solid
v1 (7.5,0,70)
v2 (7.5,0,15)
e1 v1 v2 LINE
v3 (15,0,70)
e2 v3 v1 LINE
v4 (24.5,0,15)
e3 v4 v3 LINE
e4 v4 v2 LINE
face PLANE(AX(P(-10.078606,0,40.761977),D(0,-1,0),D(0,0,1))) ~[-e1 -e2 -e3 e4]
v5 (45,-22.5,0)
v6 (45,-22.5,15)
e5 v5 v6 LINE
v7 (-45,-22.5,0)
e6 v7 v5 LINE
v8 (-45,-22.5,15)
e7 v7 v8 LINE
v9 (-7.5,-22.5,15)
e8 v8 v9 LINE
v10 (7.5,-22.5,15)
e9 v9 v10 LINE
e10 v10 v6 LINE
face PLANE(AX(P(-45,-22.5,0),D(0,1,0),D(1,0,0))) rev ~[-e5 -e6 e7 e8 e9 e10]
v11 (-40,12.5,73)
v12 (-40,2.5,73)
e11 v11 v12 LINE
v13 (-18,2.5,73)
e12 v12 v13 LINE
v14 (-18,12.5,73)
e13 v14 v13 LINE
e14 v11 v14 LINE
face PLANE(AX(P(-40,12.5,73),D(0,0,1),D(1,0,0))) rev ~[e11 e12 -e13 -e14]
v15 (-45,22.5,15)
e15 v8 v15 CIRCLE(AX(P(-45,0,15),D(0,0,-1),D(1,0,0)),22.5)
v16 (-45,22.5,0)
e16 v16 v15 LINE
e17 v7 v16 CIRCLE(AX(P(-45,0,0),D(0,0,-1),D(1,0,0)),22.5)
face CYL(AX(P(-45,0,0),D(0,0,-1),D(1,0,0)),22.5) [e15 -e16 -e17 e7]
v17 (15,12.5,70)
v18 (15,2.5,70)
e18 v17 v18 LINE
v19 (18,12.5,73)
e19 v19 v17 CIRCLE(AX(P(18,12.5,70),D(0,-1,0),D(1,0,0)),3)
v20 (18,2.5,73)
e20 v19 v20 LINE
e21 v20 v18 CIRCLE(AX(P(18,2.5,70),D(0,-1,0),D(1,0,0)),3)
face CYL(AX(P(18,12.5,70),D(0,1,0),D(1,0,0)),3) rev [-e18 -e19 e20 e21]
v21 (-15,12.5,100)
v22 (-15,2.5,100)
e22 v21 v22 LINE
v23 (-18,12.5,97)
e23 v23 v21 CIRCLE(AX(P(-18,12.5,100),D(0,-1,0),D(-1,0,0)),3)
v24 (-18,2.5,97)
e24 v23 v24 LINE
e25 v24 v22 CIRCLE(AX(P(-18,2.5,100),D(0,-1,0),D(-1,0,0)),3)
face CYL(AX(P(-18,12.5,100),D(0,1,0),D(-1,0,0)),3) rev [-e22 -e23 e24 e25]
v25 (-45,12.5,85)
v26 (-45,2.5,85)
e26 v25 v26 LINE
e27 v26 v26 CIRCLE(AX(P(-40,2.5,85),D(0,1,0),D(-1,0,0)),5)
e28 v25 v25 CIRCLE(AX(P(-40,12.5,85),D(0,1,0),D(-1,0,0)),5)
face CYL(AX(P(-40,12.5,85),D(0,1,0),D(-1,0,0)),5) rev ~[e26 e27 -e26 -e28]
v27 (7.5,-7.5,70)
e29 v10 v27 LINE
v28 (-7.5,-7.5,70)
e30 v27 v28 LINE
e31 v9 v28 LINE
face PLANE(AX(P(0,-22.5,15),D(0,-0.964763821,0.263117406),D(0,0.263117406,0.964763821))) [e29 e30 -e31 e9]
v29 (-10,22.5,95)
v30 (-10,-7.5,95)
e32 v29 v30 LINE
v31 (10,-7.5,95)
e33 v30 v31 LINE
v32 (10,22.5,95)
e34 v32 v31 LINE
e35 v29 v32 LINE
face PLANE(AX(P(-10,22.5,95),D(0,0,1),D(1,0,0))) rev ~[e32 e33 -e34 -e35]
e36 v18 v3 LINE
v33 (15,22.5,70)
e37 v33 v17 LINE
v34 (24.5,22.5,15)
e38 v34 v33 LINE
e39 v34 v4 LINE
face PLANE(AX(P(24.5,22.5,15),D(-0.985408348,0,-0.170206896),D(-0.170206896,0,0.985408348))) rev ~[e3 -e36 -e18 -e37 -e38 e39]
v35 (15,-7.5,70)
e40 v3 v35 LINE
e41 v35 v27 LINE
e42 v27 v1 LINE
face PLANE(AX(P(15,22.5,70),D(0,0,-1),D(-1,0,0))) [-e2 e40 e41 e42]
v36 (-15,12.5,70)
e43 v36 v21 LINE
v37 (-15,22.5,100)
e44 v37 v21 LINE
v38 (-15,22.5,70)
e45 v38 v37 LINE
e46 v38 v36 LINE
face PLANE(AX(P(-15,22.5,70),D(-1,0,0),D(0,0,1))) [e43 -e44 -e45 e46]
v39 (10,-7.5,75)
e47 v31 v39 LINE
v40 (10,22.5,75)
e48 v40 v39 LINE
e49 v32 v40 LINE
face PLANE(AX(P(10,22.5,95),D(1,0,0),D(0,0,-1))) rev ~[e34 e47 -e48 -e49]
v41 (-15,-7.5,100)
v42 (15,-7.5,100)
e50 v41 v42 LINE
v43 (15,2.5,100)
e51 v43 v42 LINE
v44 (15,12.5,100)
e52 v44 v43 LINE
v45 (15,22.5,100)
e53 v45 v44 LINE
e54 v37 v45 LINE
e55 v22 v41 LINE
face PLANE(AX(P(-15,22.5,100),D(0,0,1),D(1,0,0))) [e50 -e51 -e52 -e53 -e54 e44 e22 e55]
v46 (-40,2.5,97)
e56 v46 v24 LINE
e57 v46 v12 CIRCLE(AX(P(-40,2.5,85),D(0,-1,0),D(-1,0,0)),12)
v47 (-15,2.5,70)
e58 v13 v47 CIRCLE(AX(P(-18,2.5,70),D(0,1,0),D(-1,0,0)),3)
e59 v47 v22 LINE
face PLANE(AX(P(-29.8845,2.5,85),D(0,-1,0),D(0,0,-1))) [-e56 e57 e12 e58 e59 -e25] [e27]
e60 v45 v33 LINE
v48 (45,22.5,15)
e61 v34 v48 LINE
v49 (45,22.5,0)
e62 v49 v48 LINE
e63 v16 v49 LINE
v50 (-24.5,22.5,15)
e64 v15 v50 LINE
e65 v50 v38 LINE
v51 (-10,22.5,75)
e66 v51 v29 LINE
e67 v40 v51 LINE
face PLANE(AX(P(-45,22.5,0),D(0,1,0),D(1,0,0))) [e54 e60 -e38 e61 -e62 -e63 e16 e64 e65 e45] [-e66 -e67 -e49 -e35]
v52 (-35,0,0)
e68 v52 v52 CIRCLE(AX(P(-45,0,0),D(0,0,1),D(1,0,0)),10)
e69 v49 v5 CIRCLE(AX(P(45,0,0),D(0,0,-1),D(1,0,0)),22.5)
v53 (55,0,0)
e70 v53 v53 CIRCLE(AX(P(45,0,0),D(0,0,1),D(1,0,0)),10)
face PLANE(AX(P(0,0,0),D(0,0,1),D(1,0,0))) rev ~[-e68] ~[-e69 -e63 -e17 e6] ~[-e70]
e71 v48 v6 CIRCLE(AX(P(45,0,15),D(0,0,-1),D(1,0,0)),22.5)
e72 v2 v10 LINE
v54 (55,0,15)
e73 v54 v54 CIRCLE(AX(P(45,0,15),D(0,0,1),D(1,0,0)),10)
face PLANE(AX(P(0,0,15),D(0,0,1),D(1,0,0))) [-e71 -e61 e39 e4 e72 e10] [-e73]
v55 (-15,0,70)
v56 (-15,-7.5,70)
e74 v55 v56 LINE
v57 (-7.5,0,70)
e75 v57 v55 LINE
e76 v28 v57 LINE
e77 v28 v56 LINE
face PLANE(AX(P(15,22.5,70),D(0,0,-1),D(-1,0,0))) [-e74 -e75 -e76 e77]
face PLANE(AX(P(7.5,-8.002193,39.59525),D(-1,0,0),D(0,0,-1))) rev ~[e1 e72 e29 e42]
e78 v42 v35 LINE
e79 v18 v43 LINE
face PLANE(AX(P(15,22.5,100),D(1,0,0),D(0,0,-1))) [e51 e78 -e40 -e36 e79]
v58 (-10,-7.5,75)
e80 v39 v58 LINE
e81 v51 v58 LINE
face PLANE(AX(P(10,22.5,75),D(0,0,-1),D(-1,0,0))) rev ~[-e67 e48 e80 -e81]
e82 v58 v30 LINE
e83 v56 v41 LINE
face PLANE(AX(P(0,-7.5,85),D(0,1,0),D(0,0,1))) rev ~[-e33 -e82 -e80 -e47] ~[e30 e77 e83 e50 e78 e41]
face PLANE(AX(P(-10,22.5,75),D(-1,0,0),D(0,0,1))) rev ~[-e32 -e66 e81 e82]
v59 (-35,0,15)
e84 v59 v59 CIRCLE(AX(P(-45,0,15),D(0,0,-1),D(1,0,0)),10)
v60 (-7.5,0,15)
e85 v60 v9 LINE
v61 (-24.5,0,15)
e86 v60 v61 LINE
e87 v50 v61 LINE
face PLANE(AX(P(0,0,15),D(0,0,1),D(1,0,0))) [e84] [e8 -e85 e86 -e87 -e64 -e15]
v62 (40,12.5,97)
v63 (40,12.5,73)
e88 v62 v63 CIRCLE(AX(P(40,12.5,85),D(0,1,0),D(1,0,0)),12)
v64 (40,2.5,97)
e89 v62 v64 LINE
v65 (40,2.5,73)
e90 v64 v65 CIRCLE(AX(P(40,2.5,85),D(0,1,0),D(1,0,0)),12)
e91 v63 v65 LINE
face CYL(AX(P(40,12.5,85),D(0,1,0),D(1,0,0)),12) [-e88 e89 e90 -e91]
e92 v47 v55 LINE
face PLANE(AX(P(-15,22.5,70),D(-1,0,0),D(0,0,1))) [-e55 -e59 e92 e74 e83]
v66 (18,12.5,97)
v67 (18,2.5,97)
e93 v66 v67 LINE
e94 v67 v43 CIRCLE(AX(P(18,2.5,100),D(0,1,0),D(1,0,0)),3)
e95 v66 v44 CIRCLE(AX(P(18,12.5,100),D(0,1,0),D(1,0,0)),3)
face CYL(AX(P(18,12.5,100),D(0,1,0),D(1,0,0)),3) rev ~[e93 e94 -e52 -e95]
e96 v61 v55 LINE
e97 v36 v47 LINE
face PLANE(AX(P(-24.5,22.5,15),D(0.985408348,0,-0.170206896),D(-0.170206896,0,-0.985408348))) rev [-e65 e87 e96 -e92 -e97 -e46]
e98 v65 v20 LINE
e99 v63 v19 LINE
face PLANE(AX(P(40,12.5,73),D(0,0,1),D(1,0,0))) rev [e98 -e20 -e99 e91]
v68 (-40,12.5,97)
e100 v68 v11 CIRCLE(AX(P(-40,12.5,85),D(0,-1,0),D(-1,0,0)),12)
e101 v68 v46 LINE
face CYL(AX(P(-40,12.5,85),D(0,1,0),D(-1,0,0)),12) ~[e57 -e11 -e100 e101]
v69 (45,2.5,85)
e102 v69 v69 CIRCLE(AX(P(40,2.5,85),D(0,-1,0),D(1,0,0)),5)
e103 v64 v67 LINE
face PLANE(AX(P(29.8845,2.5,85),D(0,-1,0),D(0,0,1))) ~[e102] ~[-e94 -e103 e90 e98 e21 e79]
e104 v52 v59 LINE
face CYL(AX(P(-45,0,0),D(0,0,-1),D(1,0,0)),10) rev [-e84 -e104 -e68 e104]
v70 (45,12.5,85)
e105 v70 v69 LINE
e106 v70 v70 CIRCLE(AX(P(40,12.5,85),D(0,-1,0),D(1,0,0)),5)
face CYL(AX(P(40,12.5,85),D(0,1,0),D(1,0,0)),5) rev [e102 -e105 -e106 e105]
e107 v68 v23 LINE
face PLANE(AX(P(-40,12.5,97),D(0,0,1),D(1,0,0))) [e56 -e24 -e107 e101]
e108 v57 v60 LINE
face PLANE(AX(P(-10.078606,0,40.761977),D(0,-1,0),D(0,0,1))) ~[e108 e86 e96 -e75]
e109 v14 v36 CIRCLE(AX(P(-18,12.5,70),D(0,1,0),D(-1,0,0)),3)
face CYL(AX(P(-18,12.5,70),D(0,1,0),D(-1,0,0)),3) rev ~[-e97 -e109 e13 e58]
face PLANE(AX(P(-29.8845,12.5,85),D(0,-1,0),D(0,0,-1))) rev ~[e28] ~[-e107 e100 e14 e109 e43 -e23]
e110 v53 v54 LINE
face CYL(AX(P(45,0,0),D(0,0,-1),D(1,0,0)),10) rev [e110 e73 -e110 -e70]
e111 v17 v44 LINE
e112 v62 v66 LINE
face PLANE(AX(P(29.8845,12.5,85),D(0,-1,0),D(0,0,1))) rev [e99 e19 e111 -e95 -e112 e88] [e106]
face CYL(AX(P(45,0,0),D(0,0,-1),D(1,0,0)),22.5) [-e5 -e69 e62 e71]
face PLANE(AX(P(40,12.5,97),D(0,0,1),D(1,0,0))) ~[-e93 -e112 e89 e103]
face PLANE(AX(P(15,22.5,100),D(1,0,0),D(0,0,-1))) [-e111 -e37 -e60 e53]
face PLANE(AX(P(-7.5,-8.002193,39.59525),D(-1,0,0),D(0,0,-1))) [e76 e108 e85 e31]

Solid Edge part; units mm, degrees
sketch "Sketch1" plane through (0, 0, 0) normal (0, 0, 1) x (1, 0, 0)
  line L0 (-45, -22.5) -> (45, -22.5)
  line L1 (-45, 22.5) -> (45, 22.5)
  arc A0 (45, 22.5) -> (45, -22.5) centre (45, 0) cw
  arc A1 (-45, -22.5) -> (-45, 22.5) centre (-45, 0) cw
  circle A2 centre (45, 0) radius 10
extrude "Protrusion1" add sketch "Sketch1" along normal blind 15
sketch "Sketch2" plane through (0, 22.5, 7.5) normal (0, 1, 0) x (-1, 0, 0)
  line L0 (15, 92.5) -> (-15, 92.5)
  line L1 (-15, 92.5) -> (-15, 62.5)
  line L2 (-15, 62.5) -> (15, 62.5)
  line L3 (15, 62.5) -> (15, 92.5)
  line L4 (-10, 87.5) -> (-10, 67.5)
  line L5 (-10, 67.5) -> (10, 67.5)
  line L6 (10, 67.5) -> (10, 87.5)
  line L7 (10, 87.5) -> (-10, 87.5)
extrude "ExtrudedProtrusion_2" add sketch "Sketch2" against normal blind 30
sketch "Sketch3" plane through (0, 22.5, 7.5) normal (0, 1, 0) x (-1, 0, 0)
  line L0 (-24.5, 7.5) -> (-15, 62.5)
  line L1 (-15, 62.5) -> (0, 62.5)
  line L2 (0, 62.5) -> (0, 7.5)
  line L3 (0, 7.5) -> (-24.5, 7.5)
extrude "ExtrudedProtrusion_3" add sketch "Sketch3" against normal blind 22.5
sketch "Sketch4" plane through (0, 12.5, 50) normal (0, 1, 0) x (-1, 0, 0)
  line L0 (40, 23) -> (18, 23)
  arc A0 (18, 23) -> (15, 20) centre (18, 20) ccw
  line L1 (15, 20) -> (15, 50)
  arc A1 (18, 47) -> (15, 50) centre (18, 50) cw
  line L2 (40, 47) -> (18, 47)
  arc A2 (40, 47) -> (40, 23) centre (40, 35) cw
  circle A3 centre (40, 35) radius 5
extrude "ExtrudedProtrusion_4" add sketch "Sketch4" against normal blind 10
mirror "Mirror1" about plane through (0, 0, 0) normal (1, 0, 0) of "ExtrudedProtrusion_4", "ExtrudedProtrusion_3"
sketch "Sketch5" plane through (0, 0, 0) normal (1, 0, 0) x (0, 1, 0)
  line L0 (-22.5, 15) -> (-7.5, 70)
  line L1 (-7.5, 70) -> (0, 70)
  line L2 (0, 70) -> (0, 15)
  line L3 (0, 15) -> (-22.5, 15)
extrude "ExtrudedProtrusion_7" add sketch "Sketch5" along normal mid plane 15
sketch "Sketch6" plane through (0, 0, 0) normal (0, 0, 1) x (1, 0, 0)
  circle A0 centre (-45, 0) radius 10
extrude "Cutout1" cut sketch "Sketch6" along normal up to next
